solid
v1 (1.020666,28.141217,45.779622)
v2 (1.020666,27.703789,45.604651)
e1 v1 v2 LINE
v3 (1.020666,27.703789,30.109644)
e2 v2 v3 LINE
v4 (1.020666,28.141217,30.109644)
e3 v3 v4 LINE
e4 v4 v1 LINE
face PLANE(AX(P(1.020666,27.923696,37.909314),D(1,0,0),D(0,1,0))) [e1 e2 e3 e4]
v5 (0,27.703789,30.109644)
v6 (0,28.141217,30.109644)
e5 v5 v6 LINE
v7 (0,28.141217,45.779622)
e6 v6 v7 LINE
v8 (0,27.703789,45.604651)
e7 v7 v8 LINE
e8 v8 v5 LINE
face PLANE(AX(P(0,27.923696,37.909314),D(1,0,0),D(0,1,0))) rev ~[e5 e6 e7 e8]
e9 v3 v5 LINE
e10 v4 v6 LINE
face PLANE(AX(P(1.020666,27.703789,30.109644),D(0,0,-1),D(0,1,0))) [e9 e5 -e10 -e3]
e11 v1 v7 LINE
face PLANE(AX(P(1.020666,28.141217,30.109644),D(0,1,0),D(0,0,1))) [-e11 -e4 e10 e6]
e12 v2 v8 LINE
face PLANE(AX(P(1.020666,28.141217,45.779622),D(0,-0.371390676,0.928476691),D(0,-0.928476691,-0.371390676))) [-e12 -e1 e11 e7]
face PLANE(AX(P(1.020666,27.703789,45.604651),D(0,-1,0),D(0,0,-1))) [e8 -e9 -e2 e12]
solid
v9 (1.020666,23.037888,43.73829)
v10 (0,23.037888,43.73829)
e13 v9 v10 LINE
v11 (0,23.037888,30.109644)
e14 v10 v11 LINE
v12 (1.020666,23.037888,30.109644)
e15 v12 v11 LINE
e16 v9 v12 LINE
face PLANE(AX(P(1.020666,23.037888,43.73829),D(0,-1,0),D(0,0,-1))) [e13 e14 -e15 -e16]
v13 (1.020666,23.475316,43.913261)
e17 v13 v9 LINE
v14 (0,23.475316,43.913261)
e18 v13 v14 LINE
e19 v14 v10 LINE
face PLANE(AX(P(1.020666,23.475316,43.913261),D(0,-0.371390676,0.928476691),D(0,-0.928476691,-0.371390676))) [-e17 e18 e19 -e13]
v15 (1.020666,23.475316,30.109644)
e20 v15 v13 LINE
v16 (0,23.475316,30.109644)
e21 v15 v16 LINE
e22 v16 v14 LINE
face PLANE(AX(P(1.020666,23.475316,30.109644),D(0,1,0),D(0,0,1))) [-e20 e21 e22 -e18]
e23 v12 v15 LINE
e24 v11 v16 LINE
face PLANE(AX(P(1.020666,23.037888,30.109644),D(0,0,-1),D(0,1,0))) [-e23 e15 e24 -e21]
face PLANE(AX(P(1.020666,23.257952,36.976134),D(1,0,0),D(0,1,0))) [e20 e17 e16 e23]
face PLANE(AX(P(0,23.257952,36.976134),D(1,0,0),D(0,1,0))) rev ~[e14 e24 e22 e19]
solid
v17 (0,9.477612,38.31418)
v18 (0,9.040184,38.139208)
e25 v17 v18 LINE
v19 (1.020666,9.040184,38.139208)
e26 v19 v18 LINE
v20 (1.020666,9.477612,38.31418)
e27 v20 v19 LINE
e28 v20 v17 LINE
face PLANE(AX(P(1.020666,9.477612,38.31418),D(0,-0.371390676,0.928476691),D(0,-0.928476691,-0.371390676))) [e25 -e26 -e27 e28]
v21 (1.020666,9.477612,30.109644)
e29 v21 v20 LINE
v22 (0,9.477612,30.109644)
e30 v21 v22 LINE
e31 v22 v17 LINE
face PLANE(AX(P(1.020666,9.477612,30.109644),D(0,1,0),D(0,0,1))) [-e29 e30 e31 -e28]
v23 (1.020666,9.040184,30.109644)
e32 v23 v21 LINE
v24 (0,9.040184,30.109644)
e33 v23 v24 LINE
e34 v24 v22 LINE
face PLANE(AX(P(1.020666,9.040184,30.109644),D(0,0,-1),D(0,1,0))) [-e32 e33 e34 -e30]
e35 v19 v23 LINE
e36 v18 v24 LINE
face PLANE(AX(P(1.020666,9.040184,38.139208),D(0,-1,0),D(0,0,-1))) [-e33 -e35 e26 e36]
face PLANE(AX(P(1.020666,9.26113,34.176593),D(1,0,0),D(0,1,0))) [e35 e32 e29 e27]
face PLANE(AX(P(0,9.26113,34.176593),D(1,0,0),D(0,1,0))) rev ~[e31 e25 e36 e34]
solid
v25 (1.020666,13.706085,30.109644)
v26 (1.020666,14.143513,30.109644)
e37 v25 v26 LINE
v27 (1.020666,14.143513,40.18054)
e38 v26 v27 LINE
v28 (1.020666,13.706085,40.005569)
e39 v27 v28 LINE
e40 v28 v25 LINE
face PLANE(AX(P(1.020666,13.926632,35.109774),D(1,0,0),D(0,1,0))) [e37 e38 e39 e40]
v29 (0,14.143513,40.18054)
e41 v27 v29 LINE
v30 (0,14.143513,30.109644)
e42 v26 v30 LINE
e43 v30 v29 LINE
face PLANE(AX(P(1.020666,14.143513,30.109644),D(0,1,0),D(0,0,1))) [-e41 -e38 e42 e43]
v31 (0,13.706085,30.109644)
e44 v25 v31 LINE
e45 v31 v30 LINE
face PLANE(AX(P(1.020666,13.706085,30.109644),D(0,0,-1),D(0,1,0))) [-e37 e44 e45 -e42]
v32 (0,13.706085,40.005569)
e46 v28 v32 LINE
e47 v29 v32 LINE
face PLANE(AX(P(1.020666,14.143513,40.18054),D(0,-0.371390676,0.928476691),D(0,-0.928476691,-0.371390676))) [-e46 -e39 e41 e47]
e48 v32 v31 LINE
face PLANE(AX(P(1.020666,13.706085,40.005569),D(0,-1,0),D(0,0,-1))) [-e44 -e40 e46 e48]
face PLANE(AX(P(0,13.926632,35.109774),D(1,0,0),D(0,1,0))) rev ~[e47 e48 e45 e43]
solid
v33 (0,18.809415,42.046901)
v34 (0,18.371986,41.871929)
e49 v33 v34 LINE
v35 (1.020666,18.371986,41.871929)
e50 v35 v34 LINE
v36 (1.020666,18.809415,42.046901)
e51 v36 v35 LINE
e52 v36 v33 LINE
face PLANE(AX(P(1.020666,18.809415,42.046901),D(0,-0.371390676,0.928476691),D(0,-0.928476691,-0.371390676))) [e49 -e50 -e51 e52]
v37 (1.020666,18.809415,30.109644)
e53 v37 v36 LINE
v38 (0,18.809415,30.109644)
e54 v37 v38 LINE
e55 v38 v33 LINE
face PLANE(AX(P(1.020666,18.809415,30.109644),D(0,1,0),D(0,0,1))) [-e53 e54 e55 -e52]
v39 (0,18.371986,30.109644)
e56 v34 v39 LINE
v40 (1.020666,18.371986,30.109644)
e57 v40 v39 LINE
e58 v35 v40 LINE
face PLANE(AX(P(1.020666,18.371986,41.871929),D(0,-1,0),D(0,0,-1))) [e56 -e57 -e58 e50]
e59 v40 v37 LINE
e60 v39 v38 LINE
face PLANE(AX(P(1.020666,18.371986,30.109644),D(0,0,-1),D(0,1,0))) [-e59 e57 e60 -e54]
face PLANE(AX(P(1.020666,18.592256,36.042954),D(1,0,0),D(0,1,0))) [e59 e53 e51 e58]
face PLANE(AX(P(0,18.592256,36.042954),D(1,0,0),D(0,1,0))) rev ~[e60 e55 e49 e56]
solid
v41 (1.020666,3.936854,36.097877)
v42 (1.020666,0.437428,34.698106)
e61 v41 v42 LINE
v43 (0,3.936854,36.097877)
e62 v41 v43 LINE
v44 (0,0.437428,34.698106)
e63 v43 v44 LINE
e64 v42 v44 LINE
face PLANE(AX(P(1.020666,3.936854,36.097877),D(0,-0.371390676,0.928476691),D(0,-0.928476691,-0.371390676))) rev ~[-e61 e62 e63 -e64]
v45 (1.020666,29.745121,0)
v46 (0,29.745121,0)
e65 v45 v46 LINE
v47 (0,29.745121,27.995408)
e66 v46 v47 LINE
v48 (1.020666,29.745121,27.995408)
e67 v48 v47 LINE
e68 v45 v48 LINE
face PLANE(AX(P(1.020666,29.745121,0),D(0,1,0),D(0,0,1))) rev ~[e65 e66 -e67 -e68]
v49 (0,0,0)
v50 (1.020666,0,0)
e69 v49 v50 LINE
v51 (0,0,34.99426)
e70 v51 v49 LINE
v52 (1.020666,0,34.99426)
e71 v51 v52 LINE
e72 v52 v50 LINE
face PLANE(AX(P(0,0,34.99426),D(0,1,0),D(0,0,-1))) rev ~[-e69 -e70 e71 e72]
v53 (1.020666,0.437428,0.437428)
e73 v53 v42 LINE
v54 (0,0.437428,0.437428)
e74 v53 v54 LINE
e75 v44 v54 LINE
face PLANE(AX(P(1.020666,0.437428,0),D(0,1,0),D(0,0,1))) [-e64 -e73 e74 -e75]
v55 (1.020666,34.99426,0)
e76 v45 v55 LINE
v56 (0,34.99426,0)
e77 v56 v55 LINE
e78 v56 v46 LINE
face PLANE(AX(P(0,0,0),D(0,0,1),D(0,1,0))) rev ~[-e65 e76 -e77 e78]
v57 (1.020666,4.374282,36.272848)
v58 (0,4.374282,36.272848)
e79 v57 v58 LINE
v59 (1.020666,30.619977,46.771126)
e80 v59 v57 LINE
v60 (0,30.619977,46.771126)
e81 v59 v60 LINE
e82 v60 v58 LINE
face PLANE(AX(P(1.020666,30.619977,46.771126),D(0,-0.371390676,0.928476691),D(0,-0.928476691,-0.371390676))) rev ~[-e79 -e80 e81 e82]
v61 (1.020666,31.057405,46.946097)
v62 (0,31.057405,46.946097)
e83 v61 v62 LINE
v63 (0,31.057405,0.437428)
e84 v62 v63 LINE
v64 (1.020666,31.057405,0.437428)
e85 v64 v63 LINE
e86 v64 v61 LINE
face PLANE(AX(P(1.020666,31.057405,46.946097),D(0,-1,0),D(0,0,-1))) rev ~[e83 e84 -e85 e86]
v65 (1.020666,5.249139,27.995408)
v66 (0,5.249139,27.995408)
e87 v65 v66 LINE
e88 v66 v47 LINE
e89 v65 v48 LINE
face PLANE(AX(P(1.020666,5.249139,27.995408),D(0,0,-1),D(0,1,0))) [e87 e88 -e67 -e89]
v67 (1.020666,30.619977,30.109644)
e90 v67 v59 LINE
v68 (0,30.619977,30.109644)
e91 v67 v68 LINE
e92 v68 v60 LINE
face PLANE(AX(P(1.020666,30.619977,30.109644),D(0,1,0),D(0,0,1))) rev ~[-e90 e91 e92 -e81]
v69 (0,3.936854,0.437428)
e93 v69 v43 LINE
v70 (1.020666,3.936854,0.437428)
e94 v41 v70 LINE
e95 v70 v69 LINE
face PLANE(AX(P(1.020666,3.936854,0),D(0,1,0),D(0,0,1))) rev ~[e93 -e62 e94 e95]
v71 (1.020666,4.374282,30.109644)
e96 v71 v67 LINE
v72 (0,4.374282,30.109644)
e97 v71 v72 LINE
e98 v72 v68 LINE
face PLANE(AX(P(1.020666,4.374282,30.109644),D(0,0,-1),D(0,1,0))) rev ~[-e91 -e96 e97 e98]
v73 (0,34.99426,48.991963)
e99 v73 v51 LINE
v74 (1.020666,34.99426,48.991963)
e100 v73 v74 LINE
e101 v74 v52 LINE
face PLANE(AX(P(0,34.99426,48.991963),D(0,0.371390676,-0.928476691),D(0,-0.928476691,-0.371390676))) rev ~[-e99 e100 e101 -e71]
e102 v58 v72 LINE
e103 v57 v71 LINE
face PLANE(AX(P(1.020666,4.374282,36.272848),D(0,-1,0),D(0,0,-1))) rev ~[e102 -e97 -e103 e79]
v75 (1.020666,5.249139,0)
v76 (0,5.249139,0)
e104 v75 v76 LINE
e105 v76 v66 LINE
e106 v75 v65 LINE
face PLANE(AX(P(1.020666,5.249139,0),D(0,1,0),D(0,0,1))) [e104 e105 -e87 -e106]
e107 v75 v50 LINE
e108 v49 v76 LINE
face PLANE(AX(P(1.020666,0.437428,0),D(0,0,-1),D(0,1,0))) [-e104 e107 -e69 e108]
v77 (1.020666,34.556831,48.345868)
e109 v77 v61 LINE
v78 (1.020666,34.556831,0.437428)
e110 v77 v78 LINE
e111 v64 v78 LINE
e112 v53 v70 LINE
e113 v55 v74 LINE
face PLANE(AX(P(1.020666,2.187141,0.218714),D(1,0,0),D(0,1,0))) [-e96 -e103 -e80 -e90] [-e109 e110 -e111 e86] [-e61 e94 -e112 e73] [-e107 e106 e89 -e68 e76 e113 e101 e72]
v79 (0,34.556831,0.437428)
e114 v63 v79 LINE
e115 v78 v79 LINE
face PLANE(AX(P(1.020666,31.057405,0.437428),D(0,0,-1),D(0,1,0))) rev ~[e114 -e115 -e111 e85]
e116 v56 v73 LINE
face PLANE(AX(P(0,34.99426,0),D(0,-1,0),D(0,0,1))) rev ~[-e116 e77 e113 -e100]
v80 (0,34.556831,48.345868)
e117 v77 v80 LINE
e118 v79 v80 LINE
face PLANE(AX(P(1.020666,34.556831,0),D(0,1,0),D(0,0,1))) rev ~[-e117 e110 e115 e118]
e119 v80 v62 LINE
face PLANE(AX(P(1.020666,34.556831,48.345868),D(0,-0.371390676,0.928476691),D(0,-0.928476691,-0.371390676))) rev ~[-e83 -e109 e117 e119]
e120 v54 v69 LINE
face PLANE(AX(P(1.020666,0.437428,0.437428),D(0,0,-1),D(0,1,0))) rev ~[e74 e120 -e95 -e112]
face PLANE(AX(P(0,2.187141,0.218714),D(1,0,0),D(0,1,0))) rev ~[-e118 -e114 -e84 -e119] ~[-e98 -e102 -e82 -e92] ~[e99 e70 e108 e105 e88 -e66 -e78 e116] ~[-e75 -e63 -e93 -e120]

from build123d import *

# Parameters (mm, degrees)
F1_DEPTH  = 88.9
F2_W      = 2133.6
F2_H      = 2438.4
F3_DEPTH  = 88.901
F4_W      = 304.8
F4_H      = 2438.4
F5_DEPTH  = 88.901
F7_DEPTH  = 88.901
F9_DEPTH  = 88.901
F11_DEPTH = 88.9
F12_W     = 304.8
F12_H     = 38.1
F13_DEPTH = 88.9
F14_SCALE = 0.0114810563


with BuildPart() as f1:
    # F0 (on Right) → F1 (new body)
    with BuildSketch(Plane.YZ):
        Polygon((0, 3048), (0, 0), (3048, 0), (3048, 4267.2), align=None)
    extrude(amount=F1_DEPTH)

    # F2 (on face) → F3 (cut, through all)
    with BuildSketch(Plane.YZ.offset(88.9)):
        with Locations((1524, 1219.2)):
            Rectangle(F2_W, F2_H)
    extrude(amount=-F3_DEPTH, mode=Mode.SUBTRACT)

    # F4 (on face) → F5 (cut, through all)
    with BuildSketch(Plane.YZ.offset(88.9)):
        with Locations((190.5, 1219.2)):
            Rectangle(F4_W, F4_H)
        with Locations((2857.5, 1219.2)):
            Rectangle(F4_W, F4_H)
    extrude(amount=-F5_DEPTH, mode=Mode.SUBTRACT)

    # F6 (on face) → F7 (cut, through all)
    with BuildSketch(Plane.YZ.offset(88.9)):
        Polygon((381, 3159.3650441696), (381, 2622.55), (2667, 2622.55), (2667, 4073.7650441696), align=None)
    extrude(amount=-F7_DEPTH, mode=Mode.SUBTRACT)

    # F8 (on face) → F9 (cut, through all)
    with BuildSketch(Plane.YZ.offset(88.9)):
        Polygon((38.1, 3022.2050441696), (38.1, 2438.4), (342.9, 2438.4), (342.9, 3144.1250441696), align=None)
        Polygon((2705.1, 2438.4), (3009.9, 2438.4), (3009.9, 4210.9250441696), (2705.1, 4089.0050441696), align=None)
    extrude(amount=-F9_DEPTH, mode=Mode.SUBTRACT)

    # F12 (on face) → F13 (join)
    with BuildSketch(Plane.YZ.offset(88.9)):
        with Locations((190.5, 19.05)):
            Rectangle(F12_W, F12_H)
        with Locations((2857.5, 19.05)):
            Rectangle(F12_W, F12_H)
    extrude(amount=-F13_DEPTH)


with BuildPart() as f11:
    # F10 (on face) → F11 (new body)
    with BuildSketch(Plane.YZ.offset(88.9)):
        Polygon((825.5, 3337.1650441696), (787.4, 3321.9250441696), (787.4, 2622.55), (825.5, 2622.55), align=None)
    extrude(amount=-F11_DEPTH)


with BuildPart() as f11b:
    # F10 (on face) → F11, piece 2 (new body)
    with BuildSketch(Plane.YZ.offset(88.9)):
        Polygon((1231.9, 3499.7250441696), (1193.8, 3484.4850441696), (1193.8, 2622.55), (1231.9, 2622.55), align=None)
    extrude(amount=-F11_DEPTH)


with BuildPart() as f11c:
    # F10 (on face) → F11, piece 3 (new body)
    with BuildSketch(Plane.YZ.offset(88.9)):
        Polygon((1638.3, 3662.2850441696), (1600.2, 3647.0450441696), (1600.2, 2622.55), (1638.3, 2622.55), align=None)
    extrude(amount=-F11_DEPTH)


with BuildPart() as f11d:
    # F10 (on face) → F11, piece 4 (new body)
    with BuildSketch(Plane.YZ.offset(88.9)):
        Polygon((2044.7, 3824.8450441696), (2006.6, 3809.6050441696), (2006.6, 2622.55), (2044.7, 2622.55), align=None)
    extrude(amount=-F11_DEPTH)


with BuildPart() as f11e:
    # F10 (on face) → F11, piece 5 (new body)
    with BuildSketch(Plane.YZ.offset(88.9)):
        Polygon((2451.1, 3987.4050441696), (2413, 3972.1650441696), (2413, 2622.55), (2451.1, 2622.55), align=None)
    extrude(amount=-F11_DEPTH)


with BuildPart() as f11e_1:
    # F14: moved
    add(f11e.part.scale(F14_SCALE))


with BuildPart() as f11c_1:
    # F14: moved
    add(f11c.part.scale(F14_SCALE))


with BuildPart() as f11_1:
    # F14: moved
    add(f11.part.scale(F14_SCALE))


with BuildPart() as f1_1:
    # F14: moved
    add(f1.part.scale(F14_SCALE))


with BuildPart() as f11b_1:
    # F14: moved
    add(f11b.part.scale(F14_SCALE))


with BuildPart() as f11d_1:
    # F14: moved
    add(f11d.part.scale(F14_SCALE))


solid = Compound([f11e_1.part, f11c_1.part, f11_1.part, f1_1.part, f11b_1.part, f11d_1.part])
